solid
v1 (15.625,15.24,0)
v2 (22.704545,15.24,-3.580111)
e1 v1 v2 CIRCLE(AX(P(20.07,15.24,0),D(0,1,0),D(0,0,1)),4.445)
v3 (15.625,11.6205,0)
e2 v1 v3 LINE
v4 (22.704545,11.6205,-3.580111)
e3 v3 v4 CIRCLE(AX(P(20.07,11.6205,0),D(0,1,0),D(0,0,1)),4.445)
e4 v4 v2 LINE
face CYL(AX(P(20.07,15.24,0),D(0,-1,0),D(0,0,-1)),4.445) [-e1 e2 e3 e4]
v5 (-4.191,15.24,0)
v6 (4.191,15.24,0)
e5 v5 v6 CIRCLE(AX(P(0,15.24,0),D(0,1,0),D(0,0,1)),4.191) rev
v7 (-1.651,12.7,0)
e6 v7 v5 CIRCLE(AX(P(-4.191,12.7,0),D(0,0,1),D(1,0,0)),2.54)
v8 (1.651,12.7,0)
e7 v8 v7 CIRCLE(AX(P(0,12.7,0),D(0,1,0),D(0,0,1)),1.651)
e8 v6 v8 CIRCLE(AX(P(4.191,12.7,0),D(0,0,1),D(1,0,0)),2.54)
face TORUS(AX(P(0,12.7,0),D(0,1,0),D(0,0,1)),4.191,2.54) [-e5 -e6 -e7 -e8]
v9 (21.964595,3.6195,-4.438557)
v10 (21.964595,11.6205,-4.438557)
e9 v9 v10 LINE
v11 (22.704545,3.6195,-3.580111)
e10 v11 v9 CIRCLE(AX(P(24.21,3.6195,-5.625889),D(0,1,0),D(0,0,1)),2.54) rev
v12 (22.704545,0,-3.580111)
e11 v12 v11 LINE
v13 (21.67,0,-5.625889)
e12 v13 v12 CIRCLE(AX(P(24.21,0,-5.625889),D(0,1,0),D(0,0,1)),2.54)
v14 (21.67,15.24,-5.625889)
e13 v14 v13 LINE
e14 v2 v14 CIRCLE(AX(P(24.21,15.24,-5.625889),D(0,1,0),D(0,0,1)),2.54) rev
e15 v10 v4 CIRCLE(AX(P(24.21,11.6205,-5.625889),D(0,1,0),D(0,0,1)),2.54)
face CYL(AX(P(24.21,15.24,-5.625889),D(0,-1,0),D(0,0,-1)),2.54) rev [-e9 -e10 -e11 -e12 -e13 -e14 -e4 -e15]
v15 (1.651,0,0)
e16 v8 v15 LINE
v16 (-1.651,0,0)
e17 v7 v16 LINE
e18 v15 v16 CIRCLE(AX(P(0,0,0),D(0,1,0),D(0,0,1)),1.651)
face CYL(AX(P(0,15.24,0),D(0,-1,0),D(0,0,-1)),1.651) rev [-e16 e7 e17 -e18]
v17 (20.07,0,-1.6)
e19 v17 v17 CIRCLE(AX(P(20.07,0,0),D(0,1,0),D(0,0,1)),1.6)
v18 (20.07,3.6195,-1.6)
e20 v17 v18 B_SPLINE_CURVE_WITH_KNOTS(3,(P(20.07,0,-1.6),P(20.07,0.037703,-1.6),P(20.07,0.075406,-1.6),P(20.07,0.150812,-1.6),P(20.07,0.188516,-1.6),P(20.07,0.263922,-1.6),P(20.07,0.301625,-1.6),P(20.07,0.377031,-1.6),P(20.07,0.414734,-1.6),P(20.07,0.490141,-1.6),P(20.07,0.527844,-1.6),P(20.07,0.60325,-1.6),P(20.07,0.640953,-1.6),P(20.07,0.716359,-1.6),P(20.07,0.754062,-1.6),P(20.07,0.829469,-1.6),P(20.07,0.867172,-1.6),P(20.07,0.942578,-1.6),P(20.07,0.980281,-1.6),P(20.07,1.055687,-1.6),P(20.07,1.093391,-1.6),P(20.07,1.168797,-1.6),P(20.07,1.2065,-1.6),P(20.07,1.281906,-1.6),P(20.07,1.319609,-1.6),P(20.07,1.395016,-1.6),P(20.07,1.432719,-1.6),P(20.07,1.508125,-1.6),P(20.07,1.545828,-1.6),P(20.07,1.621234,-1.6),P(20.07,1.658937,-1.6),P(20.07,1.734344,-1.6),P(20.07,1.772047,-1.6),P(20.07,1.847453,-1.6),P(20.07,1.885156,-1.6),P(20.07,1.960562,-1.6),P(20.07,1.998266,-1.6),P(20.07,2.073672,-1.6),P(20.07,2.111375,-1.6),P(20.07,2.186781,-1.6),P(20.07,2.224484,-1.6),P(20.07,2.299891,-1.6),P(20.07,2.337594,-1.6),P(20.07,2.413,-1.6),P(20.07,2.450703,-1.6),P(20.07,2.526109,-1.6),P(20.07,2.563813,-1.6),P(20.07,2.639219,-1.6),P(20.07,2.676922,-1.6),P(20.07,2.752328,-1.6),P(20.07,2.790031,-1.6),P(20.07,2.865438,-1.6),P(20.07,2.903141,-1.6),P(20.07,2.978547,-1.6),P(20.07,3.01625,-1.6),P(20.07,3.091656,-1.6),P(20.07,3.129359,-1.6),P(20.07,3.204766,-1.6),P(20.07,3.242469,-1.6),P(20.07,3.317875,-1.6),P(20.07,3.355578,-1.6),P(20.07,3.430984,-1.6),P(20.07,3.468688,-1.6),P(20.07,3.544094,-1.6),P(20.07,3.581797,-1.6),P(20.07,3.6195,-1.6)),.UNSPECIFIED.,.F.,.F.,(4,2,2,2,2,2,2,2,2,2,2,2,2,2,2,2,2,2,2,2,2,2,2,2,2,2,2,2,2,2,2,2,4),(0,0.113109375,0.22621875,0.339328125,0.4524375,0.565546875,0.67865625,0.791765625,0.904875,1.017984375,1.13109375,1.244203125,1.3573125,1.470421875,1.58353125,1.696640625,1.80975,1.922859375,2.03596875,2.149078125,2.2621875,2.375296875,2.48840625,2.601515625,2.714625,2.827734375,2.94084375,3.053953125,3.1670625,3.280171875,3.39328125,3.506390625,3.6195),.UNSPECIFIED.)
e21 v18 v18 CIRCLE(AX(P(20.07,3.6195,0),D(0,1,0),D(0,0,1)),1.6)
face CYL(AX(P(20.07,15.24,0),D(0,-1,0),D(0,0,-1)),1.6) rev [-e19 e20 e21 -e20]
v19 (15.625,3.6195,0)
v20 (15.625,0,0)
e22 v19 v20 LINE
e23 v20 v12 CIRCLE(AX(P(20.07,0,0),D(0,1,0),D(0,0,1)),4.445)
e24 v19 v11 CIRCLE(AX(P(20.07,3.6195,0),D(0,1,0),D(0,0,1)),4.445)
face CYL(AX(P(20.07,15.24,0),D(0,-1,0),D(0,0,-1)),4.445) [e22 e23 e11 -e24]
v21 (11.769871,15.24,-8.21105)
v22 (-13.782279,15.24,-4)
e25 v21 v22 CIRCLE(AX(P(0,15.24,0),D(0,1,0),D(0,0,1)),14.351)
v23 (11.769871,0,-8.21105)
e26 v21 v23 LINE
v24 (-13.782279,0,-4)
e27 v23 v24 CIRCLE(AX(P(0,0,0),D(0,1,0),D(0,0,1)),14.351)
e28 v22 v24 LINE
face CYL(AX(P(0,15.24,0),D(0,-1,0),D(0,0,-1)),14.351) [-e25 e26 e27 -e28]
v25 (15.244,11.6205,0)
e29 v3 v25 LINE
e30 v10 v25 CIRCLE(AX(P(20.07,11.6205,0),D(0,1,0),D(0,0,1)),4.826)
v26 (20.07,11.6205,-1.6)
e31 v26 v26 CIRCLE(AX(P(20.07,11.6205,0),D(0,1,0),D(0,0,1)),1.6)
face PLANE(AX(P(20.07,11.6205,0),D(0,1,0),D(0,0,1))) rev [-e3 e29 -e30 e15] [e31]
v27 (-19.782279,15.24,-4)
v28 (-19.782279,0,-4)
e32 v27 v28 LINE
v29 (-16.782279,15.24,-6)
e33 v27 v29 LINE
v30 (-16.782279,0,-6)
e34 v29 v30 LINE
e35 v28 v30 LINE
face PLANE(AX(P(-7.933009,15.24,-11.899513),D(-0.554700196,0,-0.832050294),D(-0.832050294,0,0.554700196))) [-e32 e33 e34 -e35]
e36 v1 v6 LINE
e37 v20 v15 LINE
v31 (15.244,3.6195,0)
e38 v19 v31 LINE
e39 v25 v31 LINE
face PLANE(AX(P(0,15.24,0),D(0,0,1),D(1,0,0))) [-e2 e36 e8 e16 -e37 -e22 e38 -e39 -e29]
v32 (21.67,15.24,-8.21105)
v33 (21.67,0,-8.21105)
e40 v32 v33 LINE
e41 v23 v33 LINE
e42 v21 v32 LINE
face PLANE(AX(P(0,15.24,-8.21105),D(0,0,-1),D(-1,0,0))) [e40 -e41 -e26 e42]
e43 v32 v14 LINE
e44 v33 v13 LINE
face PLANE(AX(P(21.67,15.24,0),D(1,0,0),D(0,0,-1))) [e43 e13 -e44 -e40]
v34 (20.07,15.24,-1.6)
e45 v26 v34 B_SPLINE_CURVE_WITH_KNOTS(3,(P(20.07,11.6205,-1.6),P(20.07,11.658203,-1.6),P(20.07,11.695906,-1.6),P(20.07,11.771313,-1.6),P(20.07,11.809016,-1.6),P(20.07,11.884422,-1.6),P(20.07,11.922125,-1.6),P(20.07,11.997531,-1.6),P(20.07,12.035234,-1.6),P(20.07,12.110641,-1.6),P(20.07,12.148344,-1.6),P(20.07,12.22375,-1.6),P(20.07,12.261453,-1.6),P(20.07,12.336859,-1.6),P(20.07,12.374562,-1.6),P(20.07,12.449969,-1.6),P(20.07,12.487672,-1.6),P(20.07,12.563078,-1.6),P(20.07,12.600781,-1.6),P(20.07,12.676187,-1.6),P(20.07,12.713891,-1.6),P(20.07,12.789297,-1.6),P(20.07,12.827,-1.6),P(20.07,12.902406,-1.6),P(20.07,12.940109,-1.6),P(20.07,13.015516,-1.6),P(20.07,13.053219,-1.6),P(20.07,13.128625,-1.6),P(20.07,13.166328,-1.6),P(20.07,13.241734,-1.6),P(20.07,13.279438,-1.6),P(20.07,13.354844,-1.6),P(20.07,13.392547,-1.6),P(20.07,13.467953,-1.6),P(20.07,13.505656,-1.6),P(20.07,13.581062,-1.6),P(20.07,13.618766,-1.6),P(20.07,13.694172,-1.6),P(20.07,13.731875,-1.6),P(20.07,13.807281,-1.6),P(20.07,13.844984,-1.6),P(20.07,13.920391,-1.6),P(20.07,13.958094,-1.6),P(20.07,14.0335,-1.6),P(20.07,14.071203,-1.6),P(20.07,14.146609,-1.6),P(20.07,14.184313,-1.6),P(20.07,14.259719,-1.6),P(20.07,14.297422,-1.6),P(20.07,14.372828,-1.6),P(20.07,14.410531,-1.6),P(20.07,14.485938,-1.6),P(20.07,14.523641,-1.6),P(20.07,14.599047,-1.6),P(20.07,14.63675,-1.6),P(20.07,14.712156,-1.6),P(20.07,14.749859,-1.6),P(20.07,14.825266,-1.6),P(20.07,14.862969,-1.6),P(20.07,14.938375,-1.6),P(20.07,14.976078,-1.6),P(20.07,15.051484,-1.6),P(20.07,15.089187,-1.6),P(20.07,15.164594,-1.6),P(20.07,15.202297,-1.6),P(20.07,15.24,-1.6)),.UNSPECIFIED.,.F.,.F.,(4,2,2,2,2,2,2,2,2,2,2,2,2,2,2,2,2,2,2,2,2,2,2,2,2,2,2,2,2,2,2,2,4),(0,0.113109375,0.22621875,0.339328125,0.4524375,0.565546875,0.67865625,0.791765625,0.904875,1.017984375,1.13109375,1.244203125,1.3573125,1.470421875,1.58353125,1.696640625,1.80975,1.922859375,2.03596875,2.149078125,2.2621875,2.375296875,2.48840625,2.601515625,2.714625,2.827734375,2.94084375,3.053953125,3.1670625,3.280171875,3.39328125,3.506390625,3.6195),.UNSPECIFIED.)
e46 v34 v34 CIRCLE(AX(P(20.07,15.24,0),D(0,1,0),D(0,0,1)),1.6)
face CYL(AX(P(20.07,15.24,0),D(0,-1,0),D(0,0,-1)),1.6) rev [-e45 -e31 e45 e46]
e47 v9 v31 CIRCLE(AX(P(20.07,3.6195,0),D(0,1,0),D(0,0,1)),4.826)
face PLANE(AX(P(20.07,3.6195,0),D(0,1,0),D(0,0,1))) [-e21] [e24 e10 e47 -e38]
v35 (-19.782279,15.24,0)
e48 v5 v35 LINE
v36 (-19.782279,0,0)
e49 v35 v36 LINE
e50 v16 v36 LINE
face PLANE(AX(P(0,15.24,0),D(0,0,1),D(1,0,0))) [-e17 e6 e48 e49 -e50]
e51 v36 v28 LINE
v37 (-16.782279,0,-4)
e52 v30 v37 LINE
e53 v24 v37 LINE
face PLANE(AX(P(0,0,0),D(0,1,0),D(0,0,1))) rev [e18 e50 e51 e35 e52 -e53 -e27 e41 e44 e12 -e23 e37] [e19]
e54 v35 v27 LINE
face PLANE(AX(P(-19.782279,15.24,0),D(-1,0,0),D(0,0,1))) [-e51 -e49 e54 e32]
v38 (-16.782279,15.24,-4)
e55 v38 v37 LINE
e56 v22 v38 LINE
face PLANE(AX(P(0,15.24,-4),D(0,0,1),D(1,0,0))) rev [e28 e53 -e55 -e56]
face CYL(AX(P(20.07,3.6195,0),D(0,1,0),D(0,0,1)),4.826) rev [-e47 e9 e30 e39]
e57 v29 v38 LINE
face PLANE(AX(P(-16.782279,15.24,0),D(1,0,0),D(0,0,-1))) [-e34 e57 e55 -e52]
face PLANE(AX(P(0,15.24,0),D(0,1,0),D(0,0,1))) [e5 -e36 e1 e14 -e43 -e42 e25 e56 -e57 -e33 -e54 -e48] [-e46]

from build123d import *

# Parameters (mm, degrees)
SKETCH1_R           = 1.6000000000000016
BOSS_EXTRUDE1_DEPTH = 15.239999999999998
SKETCH2_R           = 4.8260000000000005
CUT_EXTRUDE1_DEPTH  = 4.0005
FILLET2_R           = 2.54
FILLET3_R           = 2.54


with BuildPart() as part:
    # Sketch1 → Boss-Extrude1 (new body)
    with BuildSketch(Plane(origin=(0, 0, 0), x_dir=(1, 0, 0), z_dir=(0, 1, 0))):
        with BuildLine():
            Line((-19.782278512640783, -6.1e-16), (-13.782278512640788, 0))
            Line((-13.782278512640788, 0), (-1.6509999999999998, 0))
            ThreePointArc((-1.651, -4.2e-16), (-3.8e-16, 1.6509999999999998), (1.6509999999999996, 0))
            Line((1.6509999999999998, 0), (15.624999999999998, -1.4e-16))
            ThreePointArc((15.625, -1.4e-16), (22.584560100693558, -3.665380266766327), (21.670000000000005, 4.147050156436503))
            Line((21.67, 4.147050156436504), (21.67, 8.211050156436503))
            Line((21.67, 8.211050156436503), (11.769870701434405, 8.211050156436503))
            ThreePointArc((11.769870701434405, 8.211050156436505), (6.637560553583663, 12.723756949011177), (2.2e-16, 14.351))
            ThreePointArc((8.9e-16, 14.350999999999999), (-8.618213300911037, 11.475086078108522), (-13.782278512640787, 4.000000000000001))
            Line((-13.782278512640788, 4), (-16.782278512640787, 4))
            Line((-16.782278512640787, 4), (-16.782278512640787, 6))
            Line((-16.782278512640787, 6), (-19.782278512640783, 4))
            Line((-19.782278512640783, 4), (-19.782278512640783, -6.1e-16))
        make_face()
        with Locations(Location((20.07, 8e-16, 0), (0, 0, 90))):
            Circle(SKETCH1_R, mode=Mode.SUBTRACT)
    extrude(amount=BOSS_EXTRUDE1_DEPTH)

    # Sketch2 → Cut-Extrude1 (cut, symmetric)
    with BuildSketch(Plane(origin=(0, 7.619999999999999, 0), x_dir=(1, 0, 0), z_dir=(0, 1, 0))):
        with Locations((20.07, 8e-16)):
            Circle(SKETCH2_R)
    extrude(amount=CUT_EXTRUDE1_DEPTH, both=True, mode=Mode.SUBTRACT)

    # Fillet2
    fillet2_edges = [part.edges().sort_by_distance(p)[0] for p in [
        (-3.8e-16, 15.239999999999998, -1.6509999999999998),
    ]]
    fillet(fillet2_edges, radius=FILLET2_R)

    # Fillet3
    fillet3_edges = [part.edges().sort_by_distance(p)[0] for p in [
        (21.67, 1.8097499999999997, -4.147050156436503),
    ]]
    fillet(fillet3_edges, radius=FILLET3_R)


solid = part.part
